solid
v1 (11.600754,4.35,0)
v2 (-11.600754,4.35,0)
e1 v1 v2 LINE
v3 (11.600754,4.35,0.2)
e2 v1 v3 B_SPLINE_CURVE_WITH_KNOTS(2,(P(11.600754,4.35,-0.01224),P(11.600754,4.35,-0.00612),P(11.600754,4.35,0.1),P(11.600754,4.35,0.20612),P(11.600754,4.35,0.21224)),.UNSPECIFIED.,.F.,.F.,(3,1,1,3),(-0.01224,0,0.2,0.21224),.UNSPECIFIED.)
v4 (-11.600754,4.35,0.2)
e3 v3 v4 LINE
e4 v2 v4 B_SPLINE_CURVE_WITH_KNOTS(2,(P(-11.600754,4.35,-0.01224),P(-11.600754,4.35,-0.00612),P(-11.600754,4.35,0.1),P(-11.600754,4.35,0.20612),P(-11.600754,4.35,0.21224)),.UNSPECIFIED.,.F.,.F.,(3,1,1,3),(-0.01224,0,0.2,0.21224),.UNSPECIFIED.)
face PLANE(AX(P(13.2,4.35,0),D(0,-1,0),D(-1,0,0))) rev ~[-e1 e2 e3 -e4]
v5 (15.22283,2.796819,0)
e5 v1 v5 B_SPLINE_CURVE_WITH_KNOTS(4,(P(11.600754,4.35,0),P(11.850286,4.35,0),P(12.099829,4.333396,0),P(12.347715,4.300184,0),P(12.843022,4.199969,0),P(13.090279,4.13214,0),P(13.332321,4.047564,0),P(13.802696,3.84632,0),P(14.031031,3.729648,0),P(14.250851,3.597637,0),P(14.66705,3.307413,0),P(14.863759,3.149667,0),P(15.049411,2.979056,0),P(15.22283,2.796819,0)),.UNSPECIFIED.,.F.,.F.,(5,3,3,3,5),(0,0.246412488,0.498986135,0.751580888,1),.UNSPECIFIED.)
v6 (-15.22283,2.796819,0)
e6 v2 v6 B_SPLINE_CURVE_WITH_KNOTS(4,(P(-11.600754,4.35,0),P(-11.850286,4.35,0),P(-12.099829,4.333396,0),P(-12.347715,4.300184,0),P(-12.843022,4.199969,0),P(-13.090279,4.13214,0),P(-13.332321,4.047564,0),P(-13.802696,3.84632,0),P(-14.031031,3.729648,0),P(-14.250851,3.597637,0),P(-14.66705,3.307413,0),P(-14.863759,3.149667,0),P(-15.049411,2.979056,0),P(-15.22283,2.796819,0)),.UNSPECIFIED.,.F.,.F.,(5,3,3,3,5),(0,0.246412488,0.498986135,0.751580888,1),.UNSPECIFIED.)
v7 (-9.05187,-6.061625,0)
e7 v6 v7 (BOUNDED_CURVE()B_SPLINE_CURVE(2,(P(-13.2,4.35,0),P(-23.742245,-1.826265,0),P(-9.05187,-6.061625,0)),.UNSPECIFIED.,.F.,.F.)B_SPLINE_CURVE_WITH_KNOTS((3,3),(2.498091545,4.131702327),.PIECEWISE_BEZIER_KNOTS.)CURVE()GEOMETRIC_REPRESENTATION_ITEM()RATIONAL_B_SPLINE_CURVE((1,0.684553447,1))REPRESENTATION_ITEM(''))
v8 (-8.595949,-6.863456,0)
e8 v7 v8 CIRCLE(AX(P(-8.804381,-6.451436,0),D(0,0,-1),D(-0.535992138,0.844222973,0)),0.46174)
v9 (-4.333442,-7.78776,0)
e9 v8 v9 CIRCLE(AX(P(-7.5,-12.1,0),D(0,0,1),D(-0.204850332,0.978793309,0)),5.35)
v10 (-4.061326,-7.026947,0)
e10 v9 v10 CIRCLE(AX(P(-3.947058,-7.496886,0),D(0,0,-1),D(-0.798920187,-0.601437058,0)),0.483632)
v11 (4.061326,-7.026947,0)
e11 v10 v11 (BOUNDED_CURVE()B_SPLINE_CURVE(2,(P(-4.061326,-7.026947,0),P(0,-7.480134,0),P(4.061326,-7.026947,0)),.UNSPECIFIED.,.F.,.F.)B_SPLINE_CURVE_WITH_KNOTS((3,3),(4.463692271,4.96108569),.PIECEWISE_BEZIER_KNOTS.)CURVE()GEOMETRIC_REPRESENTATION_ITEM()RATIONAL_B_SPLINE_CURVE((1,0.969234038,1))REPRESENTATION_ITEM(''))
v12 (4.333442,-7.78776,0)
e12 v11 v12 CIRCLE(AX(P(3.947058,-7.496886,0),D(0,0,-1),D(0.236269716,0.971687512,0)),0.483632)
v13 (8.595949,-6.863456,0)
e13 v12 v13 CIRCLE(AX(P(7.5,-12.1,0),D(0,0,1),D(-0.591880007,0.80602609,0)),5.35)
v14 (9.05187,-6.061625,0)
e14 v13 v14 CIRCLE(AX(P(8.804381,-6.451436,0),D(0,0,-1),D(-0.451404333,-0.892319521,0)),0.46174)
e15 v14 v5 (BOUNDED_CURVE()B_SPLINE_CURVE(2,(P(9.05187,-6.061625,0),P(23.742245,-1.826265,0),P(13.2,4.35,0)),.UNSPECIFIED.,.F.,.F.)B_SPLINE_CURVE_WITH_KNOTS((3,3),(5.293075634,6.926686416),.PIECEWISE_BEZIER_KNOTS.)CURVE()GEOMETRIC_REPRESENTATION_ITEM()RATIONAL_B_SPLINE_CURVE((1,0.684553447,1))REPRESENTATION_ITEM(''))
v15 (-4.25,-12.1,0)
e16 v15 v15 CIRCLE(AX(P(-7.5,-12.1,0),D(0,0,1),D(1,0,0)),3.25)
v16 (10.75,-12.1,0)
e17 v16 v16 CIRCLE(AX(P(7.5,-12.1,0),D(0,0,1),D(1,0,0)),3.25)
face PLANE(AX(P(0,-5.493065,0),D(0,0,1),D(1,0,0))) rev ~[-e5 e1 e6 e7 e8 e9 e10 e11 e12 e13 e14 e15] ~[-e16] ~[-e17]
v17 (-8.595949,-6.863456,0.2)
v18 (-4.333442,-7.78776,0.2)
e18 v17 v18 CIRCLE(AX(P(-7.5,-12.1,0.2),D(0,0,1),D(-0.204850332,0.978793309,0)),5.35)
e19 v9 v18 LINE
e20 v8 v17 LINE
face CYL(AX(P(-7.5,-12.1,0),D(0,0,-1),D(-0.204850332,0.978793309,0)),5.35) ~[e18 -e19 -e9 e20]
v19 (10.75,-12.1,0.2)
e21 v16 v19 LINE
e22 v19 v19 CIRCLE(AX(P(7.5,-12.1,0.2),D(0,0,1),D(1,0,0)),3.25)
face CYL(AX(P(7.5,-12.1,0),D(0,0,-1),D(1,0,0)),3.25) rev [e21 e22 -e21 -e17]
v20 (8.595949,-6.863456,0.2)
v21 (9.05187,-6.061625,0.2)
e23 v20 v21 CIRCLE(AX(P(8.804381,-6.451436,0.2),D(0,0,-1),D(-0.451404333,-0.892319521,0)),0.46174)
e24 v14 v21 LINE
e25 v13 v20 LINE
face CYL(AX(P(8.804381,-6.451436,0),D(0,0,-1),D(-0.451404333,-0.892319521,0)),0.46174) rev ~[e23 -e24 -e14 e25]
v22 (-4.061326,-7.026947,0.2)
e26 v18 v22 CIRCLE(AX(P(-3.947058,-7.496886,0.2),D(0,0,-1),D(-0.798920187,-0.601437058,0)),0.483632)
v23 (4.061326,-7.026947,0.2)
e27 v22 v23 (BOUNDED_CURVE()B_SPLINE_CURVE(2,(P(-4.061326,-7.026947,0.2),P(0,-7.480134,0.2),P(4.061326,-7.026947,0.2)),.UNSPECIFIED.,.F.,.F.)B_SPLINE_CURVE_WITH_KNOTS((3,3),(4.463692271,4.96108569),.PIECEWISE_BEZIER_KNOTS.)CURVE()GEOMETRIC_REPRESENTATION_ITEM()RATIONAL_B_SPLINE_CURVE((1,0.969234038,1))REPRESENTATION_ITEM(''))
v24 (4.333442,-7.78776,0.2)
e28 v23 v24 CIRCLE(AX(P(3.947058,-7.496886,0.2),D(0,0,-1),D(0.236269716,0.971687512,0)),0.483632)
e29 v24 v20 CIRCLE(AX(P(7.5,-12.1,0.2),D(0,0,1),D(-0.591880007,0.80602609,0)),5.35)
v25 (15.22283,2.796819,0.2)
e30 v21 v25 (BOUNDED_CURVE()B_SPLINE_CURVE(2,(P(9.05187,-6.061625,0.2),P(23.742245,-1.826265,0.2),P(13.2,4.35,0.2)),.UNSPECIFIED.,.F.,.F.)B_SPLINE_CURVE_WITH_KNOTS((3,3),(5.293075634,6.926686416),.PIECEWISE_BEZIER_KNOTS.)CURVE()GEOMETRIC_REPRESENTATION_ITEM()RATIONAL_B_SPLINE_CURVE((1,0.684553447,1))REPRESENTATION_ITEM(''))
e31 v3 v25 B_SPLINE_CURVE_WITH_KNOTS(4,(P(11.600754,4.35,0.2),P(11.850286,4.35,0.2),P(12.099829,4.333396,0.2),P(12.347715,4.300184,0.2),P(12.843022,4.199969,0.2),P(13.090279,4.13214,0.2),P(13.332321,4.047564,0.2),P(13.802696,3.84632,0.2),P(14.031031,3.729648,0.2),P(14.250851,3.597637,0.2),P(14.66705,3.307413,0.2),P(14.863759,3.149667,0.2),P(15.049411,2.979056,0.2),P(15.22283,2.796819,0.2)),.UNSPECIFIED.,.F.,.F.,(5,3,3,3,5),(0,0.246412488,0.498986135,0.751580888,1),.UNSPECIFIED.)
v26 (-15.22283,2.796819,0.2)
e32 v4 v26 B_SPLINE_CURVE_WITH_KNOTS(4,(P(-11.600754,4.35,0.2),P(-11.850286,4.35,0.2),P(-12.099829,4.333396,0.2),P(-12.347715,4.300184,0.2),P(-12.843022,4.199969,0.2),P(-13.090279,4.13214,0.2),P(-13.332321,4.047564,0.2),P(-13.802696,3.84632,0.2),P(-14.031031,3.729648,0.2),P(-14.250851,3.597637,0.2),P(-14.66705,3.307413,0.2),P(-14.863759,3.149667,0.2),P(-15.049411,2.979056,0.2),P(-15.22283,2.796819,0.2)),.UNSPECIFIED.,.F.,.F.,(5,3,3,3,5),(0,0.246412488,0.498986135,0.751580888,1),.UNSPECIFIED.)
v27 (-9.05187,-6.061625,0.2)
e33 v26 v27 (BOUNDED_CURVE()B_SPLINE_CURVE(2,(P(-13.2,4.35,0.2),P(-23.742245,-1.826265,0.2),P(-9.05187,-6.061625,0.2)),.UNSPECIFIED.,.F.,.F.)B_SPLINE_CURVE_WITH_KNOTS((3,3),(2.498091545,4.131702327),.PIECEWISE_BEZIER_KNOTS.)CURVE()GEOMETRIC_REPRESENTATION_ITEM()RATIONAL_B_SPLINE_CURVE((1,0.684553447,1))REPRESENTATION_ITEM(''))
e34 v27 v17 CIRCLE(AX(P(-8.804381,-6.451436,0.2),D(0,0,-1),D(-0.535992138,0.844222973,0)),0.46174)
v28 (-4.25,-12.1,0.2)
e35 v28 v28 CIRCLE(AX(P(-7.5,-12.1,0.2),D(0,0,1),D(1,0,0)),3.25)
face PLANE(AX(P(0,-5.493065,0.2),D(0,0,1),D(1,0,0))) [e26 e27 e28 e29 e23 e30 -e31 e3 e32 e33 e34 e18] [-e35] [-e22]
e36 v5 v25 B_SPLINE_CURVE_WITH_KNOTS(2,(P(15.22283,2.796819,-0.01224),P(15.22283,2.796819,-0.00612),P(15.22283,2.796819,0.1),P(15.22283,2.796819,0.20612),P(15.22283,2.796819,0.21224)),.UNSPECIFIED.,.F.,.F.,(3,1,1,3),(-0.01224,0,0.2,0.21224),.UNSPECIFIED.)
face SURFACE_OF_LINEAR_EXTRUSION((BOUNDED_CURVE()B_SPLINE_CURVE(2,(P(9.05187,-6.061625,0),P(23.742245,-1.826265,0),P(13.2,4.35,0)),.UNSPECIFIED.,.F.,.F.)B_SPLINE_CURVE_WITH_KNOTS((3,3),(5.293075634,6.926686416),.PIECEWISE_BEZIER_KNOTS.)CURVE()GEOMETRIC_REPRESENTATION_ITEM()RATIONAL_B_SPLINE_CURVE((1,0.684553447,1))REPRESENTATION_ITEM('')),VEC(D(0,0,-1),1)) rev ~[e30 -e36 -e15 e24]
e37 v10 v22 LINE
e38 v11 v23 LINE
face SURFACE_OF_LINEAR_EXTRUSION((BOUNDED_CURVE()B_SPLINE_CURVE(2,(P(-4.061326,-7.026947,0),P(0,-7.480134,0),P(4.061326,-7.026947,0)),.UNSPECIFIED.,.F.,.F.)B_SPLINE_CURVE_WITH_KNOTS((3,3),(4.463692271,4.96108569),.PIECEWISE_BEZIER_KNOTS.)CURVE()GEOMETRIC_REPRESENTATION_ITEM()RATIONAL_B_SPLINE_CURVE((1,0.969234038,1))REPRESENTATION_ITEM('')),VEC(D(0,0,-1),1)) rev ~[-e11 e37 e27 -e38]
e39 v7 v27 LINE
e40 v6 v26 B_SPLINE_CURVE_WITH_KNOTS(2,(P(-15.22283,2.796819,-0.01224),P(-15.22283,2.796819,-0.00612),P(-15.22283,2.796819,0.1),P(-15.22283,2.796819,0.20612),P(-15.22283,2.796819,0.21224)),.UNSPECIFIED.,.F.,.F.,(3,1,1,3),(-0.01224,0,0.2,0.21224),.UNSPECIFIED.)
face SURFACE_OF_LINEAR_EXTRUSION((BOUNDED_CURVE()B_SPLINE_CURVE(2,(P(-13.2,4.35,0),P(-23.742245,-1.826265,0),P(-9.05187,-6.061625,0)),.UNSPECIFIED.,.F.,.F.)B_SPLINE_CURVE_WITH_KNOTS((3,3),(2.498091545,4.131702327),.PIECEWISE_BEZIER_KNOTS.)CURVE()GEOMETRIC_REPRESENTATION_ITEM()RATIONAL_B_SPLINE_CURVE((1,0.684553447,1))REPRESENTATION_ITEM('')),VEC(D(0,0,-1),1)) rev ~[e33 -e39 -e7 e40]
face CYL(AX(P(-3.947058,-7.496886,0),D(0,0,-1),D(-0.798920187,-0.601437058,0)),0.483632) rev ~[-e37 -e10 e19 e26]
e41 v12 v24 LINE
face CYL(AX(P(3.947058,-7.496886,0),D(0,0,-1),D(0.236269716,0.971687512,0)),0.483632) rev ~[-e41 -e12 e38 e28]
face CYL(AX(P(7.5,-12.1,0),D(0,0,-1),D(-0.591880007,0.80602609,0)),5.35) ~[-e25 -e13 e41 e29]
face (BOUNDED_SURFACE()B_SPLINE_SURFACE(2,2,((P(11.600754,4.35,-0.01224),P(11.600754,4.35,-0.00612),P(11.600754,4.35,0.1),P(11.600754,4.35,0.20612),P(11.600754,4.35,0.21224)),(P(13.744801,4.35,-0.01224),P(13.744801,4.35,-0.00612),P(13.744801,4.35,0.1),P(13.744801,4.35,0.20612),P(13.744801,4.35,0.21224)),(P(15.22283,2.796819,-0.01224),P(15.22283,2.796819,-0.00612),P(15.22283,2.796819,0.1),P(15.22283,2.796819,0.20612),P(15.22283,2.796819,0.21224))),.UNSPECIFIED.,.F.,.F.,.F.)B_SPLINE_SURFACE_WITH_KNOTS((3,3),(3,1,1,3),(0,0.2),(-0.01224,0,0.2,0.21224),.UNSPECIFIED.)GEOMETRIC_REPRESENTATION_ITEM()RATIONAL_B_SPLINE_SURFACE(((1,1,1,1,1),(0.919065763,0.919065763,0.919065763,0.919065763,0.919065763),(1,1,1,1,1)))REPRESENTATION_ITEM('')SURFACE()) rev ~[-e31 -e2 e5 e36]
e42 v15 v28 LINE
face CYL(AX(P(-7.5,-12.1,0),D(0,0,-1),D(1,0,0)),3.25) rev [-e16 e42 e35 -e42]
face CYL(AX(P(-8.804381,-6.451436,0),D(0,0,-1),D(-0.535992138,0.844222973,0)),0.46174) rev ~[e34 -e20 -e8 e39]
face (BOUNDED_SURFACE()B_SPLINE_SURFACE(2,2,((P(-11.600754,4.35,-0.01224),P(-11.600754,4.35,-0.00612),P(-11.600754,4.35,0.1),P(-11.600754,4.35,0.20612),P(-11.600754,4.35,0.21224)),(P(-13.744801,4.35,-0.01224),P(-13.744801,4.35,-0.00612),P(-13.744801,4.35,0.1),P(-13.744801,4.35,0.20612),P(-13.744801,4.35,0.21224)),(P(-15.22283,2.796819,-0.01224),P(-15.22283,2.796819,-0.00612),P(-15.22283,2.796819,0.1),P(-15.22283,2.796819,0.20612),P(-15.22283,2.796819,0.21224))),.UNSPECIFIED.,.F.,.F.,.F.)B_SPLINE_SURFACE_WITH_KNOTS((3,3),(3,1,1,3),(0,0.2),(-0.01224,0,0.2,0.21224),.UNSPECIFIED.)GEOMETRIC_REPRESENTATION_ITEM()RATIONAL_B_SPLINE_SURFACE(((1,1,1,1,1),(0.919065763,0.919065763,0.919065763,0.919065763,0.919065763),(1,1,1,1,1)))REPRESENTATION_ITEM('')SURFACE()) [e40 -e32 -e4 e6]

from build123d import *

# Parameters (mm, degrees)
F0_R     = 3.25
F1_DEPTH = 0.2
F2_R     = 5


with BuildPart() as f1:
    # F0 (on Top) → F1 (new body)
    with BuildSketch(Plane.XY):
        with BuildLine():
            Line((13.2, 4.35), (-13.2, 4.35))
            add(Edge.make_bspline(
                [(-13.2, 4.35), (-23.742245443, -1.826265007), (-9.0518697652, -6.0616245888)],
                knots=[2.4980915448, 2.4980915448, 2.4980915448, 4.1317023268, 4.1317023268, 4.1317023268], degree=2, weights=[1, 0.6845534471, 1]))
            ThreePointArc((-9.0518697652, -6.0616245888), (-8.4029897808, -6.223205615), (-8.5959492747, -6.8634557973))
            ThreePointArc((-8.5959492747, -6.8634557973), (-8.6337724298, -17.3284854478), (-4.3334419614, -7.7877604208))
            ThreePointArc((-4.3334419614, -7.7877604208), (-4.4024398832, -7.3340124423), (-4.0613260941, -7.0269467748))
            add(Edge.make_bspline(
                [(-4.0613260941, -7.0269467748), (0, -7.4801335039), (4.0613260941, -7.0269467748)],
                knots=[4.4636922706, 4.4636922706, 4.4636922706, 4.9610856902, 4.9610856902, 4.9610856902], degree=2, weights=[1, 0.9692340379, 1]))
            ThreePointArc((4.0613260941, -7.0269467748), (4.4024398832, -7.3340124423), (4.3334419614, -7.7877604208))
            ThreePointArc((4.3334419614, -7.7877604208), (8.6337724298, -17.3284854478), (8.5959492747, -6.8634557973))
            ThreePointArc((8.5959492747, -6.8634557973), (8.4029897808, -6.223205615), (9.0518697652, -6.0616245888))
            add(Edge.make_bspline(
                [(9.0518697652, -6.0616245888), (23.742245443, -1.826265007), (13.2, 4.35)],
                knots=[5.2930756339, 5.2930756339, 5.2930756339, 6.926686416, 6.926686416, 6.926686416], degree=2, weights=[1, 0.6845534471, 1]))
        make_face()
        with Locations((-7.5, -12.1)):
            Circle(F0_R, mode=Mode.SUBTRACT)
        with Locations((7.5, -12.1)):
            Circle(F0_R, mode=Mode.SUBTRACT)
    extrude(amount=F1_DEPTH)

    # F2
    f2_edges = [f1.edges().sort_by_distance(p)[0] for p in [
        (13.2, 4.35, 0.1),
        (-13.2, 4.35, 0.1),
    ]]
    fillet(f2_edges, radius=F2_R)


solid = f1.part
